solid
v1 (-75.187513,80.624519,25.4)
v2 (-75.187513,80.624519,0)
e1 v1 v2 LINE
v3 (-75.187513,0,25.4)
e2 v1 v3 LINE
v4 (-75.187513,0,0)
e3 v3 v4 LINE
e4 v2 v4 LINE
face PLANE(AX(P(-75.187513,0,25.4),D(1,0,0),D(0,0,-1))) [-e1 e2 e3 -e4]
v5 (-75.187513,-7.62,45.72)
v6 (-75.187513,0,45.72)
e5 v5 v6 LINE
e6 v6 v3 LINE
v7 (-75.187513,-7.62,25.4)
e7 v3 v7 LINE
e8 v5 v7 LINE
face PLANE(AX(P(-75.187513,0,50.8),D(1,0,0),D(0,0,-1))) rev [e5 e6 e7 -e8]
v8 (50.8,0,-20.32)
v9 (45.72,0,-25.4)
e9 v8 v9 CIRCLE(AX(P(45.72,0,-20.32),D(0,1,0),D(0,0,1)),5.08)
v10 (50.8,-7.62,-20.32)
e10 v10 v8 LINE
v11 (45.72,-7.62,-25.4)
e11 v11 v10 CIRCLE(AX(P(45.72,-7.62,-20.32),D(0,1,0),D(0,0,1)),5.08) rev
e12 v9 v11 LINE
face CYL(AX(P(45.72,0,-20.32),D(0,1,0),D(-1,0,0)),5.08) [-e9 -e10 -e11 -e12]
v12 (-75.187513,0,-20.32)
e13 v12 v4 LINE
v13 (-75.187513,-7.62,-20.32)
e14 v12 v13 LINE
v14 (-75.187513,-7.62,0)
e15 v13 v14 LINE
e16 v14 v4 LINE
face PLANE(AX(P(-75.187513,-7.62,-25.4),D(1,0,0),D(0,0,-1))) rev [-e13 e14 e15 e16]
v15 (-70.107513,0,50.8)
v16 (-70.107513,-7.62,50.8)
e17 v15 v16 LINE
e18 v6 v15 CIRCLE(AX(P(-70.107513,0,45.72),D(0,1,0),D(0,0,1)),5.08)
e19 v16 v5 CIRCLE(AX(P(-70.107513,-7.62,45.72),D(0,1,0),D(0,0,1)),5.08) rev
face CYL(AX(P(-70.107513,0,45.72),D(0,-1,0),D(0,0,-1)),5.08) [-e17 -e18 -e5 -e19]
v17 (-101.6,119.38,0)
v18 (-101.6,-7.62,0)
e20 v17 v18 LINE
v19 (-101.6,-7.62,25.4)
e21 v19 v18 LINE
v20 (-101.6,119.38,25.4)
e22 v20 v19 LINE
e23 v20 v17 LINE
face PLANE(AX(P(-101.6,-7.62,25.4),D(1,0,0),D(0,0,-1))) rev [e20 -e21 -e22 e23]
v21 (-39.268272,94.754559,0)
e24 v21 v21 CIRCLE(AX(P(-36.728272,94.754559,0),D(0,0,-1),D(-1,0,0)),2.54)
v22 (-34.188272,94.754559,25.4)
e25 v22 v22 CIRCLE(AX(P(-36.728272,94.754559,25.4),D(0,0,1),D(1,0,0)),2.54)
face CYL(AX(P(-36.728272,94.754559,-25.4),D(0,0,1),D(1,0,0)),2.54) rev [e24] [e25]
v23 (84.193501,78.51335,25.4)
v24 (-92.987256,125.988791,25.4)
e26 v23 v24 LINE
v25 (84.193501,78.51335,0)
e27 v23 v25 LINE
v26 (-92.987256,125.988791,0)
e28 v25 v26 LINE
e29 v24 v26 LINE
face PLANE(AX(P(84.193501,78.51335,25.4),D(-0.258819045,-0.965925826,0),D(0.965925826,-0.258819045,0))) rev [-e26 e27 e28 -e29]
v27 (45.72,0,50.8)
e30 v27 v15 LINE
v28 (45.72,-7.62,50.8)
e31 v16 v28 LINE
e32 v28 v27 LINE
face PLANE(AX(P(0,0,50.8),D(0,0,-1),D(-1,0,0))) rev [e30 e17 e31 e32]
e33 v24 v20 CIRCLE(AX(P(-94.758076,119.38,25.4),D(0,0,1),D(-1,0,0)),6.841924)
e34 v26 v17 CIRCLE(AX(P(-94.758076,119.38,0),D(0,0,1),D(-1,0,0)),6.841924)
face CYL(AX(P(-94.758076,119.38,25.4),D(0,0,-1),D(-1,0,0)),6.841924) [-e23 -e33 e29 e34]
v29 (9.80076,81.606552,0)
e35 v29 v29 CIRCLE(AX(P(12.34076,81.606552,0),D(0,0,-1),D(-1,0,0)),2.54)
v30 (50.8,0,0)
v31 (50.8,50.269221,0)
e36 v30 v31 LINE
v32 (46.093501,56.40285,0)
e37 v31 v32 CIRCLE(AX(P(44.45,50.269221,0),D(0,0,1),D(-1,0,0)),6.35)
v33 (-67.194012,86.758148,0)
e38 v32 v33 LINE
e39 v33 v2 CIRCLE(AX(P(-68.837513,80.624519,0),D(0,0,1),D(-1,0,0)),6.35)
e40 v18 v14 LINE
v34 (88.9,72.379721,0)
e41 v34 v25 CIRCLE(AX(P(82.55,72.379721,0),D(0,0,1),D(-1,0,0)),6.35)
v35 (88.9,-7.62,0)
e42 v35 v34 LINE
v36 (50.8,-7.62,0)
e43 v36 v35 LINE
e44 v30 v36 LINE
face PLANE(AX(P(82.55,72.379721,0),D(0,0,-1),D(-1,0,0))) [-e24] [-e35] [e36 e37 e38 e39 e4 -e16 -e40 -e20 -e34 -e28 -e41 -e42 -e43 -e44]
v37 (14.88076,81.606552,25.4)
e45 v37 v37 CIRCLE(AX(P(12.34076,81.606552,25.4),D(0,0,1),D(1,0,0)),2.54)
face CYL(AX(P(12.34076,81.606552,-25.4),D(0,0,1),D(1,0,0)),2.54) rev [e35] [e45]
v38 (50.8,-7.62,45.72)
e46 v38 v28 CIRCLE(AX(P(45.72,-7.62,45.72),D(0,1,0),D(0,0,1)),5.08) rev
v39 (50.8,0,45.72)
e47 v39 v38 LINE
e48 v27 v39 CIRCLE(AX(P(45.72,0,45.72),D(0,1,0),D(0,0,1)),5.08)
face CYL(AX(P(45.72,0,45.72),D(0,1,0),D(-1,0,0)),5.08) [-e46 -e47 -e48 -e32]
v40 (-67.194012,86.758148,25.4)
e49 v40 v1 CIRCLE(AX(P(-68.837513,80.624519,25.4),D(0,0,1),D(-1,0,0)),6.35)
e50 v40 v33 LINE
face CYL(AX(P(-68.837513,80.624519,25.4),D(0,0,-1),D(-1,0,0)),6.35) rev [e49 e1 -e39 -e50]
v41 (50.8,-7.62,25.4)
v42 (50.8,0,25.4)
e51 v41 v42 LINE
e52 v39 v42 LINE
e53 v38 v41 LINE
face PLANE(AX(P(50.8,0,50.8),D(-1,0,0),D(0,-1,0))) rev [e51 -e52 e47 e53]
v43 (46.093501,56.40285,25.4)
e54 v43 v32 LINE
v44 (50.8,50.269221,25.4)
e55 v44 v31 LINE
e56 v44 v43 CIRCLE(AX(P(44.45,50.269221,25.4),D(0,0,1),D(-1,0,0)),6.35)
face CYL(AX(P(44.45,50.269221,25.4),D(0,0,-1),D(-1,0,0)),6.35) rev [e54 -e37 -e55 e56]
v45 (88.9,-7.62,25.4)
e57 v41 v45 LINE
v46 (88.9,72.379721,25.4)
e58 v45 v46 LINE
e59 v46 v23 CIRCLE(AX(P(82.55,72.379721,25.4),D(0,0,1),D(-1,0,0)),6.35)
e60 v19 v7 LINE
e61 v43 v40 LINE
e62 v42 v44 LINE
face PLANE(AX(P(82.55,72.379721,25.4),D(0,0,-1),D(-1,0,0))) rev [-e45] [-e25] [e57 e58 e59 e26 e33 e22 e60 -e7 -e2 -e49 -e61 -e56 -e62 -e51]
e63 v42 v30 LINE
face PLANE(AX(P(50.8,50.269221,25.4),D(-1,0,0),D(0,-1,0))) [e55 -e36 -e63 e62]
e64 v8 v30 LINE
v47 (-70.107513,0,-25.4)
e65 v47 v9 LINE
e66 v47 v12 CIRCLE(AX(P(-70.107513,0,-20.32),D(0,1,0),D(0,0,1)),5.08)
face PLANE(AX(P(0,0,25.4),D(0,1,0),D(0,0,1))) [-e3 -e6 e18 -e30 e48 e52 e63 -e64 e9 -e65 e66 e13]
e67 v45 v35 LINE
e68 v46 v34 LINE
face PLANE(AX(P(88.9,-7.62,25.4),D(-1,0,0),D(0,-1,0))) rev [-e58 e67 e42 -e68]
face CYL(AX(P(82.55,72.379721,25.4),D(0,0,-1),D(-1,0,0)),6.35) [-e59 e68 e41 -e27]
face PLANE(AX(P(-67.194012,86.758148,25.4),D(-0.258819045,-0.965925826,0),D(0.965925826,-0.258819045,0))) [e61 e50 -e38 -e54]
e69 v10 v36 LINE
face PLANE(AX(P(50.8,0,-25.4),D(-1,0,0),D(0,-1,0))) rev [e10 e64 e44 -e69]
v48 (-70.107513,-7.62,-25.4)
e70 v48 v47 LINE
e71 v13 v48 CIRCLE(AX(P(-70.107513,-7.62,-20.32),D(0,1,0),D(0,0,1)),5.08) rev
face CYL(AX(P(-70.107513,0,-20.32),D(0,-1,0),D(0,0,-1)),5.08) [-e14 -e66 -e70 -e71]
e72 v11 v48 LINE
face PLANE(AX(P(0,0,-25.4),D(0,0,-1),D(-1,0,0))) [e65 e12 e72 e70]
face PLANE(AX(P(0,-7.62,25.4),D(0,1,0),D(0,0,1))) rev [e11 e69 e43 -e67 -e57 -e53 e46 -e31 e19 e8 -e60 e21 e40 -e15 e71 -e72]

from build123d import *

# Parameters (mm, degrees)
BOSS_EXTRUDE1_DEPTH = 25.4
SKETCH2_W           = 125.987512686
SKETCH2_H           = 7.62
BOSS_EXTRUDE2_DEPTH = 25.4
FILLET1_R           = 5.08
SKETCH3_W           = 125.987512686
SKETCH3_H           = 7.62
BOSS_EXTRUDE3_DEPTH = 25.4
FILLET2_R           = 5.08
SKETCH4_R           = 2.54
CUT_EXTRUDE1_DEPTH  = 170.8092282


with BuildPart() as part:
    # Sketch1 → Boss-Extrude1 (new body)
    with BuildSketch(Plane.XY):
        with BuildLine():
            Line((-101.6, -7.62), (-101.6, 119.38))
            ThreePointArc((-101.6, 119.38), (-98.923175612, 124.808062894), (-92.987256343, 125.988790648))
            Line((-92.987256343, 125.988790648), (84.193500936, 78.513349821))
            ThreePointArc((84.193500936, 78.513349821), (87.587793711, 76.245355898), (88.9, 72.379720824))
            Line((88.9, 72.379720824), (88.9, -7.62))
            Line((88.9, -7.62), (0, -7.62))
            Line((0, -7.62), (-101.6, -7.62))
        make_face()
        with BuildLine():
            Line((0, 0), (50.8, 0))
            Line((50.8, 0), (50.8, 50.269221346))
            ThreePointArc((50.8, 50.269221346), (49.487793711, 54.13485642), (46.093500936, 56.402850343))
            Line((46.093500936, 56.402850343), (-67.194011749, 86.758147879))
            ThreePointArc((-67.194011749, 86.758147879), (-72.70314776, 85.662312593), (-75.187512686, 80.624518882))
            Line((-75.187512686, 80.624518882), (-75.187512686, 0))
            Line((-75.187512686, 0), (0, 0))
        make_face(mode=Mode.SUBTRACT)
    extrude(amount=BOSS_EXTRUDE1_DEPTH)

    # Sketch2 → Boss-Extrude2 (add)
    with BuildSketch(Plane.XY.offset(25.4)):
        with Locations((-12.193756343, -3.81)):
            Rectangle(SKETCH2_W, SKETCH2_H)
    extrude(amount=BOSS_EXTRUDE2_DEPTH)

    # Fillet1
    fillet1_edges = [part.edges().sort_by_distance(p)[0] for p in [
        (-75.187512686, -3.81, 50.8),
        (50.8, -3.81, 50.8),
    ]]
    fillet(fillet1_edges, radius=FILLET1_R)

    # Sketch3 → Boss-Extrude3 (add)
    with BuildSketch(Plane(origin=(0, 0, 0), x_dir=(-1, 0, 0), z_dir=(0, 0, -1))):
        with Locations((12.193756343, -3.81)):
            Rectangle(SKETCH3_W, SKETCH3_H)
    extrude(amount=BOSS_EXTRUDE3_DEPTH)

    # Fillet2
    fillet2_edges = [part.edges().sort_by_distance(p)[0] for p in [
        (-75.187512686, -3.81, -25.4),
        (50.8, -3.81, -25.4),
    ]]
    fillet(fillet2_edges, radius=FILLET2_R)

    # Sketch4 → Cut-Extrude1 (cut, through all)
    with BuildSketch(Plane.XY.offset(25.4)):
        with Locations((-36.728272331, 94.75455946)):
            Circle(SKETCH4_R)
        with Locations((12.340759645, 81.606551969)):
            Circle(SKETCH4_R)
    extrude(amount=-CUT_EXTRUDE1_DEPTH, mode=Mode.SUBTRACT)


solid = part.part
